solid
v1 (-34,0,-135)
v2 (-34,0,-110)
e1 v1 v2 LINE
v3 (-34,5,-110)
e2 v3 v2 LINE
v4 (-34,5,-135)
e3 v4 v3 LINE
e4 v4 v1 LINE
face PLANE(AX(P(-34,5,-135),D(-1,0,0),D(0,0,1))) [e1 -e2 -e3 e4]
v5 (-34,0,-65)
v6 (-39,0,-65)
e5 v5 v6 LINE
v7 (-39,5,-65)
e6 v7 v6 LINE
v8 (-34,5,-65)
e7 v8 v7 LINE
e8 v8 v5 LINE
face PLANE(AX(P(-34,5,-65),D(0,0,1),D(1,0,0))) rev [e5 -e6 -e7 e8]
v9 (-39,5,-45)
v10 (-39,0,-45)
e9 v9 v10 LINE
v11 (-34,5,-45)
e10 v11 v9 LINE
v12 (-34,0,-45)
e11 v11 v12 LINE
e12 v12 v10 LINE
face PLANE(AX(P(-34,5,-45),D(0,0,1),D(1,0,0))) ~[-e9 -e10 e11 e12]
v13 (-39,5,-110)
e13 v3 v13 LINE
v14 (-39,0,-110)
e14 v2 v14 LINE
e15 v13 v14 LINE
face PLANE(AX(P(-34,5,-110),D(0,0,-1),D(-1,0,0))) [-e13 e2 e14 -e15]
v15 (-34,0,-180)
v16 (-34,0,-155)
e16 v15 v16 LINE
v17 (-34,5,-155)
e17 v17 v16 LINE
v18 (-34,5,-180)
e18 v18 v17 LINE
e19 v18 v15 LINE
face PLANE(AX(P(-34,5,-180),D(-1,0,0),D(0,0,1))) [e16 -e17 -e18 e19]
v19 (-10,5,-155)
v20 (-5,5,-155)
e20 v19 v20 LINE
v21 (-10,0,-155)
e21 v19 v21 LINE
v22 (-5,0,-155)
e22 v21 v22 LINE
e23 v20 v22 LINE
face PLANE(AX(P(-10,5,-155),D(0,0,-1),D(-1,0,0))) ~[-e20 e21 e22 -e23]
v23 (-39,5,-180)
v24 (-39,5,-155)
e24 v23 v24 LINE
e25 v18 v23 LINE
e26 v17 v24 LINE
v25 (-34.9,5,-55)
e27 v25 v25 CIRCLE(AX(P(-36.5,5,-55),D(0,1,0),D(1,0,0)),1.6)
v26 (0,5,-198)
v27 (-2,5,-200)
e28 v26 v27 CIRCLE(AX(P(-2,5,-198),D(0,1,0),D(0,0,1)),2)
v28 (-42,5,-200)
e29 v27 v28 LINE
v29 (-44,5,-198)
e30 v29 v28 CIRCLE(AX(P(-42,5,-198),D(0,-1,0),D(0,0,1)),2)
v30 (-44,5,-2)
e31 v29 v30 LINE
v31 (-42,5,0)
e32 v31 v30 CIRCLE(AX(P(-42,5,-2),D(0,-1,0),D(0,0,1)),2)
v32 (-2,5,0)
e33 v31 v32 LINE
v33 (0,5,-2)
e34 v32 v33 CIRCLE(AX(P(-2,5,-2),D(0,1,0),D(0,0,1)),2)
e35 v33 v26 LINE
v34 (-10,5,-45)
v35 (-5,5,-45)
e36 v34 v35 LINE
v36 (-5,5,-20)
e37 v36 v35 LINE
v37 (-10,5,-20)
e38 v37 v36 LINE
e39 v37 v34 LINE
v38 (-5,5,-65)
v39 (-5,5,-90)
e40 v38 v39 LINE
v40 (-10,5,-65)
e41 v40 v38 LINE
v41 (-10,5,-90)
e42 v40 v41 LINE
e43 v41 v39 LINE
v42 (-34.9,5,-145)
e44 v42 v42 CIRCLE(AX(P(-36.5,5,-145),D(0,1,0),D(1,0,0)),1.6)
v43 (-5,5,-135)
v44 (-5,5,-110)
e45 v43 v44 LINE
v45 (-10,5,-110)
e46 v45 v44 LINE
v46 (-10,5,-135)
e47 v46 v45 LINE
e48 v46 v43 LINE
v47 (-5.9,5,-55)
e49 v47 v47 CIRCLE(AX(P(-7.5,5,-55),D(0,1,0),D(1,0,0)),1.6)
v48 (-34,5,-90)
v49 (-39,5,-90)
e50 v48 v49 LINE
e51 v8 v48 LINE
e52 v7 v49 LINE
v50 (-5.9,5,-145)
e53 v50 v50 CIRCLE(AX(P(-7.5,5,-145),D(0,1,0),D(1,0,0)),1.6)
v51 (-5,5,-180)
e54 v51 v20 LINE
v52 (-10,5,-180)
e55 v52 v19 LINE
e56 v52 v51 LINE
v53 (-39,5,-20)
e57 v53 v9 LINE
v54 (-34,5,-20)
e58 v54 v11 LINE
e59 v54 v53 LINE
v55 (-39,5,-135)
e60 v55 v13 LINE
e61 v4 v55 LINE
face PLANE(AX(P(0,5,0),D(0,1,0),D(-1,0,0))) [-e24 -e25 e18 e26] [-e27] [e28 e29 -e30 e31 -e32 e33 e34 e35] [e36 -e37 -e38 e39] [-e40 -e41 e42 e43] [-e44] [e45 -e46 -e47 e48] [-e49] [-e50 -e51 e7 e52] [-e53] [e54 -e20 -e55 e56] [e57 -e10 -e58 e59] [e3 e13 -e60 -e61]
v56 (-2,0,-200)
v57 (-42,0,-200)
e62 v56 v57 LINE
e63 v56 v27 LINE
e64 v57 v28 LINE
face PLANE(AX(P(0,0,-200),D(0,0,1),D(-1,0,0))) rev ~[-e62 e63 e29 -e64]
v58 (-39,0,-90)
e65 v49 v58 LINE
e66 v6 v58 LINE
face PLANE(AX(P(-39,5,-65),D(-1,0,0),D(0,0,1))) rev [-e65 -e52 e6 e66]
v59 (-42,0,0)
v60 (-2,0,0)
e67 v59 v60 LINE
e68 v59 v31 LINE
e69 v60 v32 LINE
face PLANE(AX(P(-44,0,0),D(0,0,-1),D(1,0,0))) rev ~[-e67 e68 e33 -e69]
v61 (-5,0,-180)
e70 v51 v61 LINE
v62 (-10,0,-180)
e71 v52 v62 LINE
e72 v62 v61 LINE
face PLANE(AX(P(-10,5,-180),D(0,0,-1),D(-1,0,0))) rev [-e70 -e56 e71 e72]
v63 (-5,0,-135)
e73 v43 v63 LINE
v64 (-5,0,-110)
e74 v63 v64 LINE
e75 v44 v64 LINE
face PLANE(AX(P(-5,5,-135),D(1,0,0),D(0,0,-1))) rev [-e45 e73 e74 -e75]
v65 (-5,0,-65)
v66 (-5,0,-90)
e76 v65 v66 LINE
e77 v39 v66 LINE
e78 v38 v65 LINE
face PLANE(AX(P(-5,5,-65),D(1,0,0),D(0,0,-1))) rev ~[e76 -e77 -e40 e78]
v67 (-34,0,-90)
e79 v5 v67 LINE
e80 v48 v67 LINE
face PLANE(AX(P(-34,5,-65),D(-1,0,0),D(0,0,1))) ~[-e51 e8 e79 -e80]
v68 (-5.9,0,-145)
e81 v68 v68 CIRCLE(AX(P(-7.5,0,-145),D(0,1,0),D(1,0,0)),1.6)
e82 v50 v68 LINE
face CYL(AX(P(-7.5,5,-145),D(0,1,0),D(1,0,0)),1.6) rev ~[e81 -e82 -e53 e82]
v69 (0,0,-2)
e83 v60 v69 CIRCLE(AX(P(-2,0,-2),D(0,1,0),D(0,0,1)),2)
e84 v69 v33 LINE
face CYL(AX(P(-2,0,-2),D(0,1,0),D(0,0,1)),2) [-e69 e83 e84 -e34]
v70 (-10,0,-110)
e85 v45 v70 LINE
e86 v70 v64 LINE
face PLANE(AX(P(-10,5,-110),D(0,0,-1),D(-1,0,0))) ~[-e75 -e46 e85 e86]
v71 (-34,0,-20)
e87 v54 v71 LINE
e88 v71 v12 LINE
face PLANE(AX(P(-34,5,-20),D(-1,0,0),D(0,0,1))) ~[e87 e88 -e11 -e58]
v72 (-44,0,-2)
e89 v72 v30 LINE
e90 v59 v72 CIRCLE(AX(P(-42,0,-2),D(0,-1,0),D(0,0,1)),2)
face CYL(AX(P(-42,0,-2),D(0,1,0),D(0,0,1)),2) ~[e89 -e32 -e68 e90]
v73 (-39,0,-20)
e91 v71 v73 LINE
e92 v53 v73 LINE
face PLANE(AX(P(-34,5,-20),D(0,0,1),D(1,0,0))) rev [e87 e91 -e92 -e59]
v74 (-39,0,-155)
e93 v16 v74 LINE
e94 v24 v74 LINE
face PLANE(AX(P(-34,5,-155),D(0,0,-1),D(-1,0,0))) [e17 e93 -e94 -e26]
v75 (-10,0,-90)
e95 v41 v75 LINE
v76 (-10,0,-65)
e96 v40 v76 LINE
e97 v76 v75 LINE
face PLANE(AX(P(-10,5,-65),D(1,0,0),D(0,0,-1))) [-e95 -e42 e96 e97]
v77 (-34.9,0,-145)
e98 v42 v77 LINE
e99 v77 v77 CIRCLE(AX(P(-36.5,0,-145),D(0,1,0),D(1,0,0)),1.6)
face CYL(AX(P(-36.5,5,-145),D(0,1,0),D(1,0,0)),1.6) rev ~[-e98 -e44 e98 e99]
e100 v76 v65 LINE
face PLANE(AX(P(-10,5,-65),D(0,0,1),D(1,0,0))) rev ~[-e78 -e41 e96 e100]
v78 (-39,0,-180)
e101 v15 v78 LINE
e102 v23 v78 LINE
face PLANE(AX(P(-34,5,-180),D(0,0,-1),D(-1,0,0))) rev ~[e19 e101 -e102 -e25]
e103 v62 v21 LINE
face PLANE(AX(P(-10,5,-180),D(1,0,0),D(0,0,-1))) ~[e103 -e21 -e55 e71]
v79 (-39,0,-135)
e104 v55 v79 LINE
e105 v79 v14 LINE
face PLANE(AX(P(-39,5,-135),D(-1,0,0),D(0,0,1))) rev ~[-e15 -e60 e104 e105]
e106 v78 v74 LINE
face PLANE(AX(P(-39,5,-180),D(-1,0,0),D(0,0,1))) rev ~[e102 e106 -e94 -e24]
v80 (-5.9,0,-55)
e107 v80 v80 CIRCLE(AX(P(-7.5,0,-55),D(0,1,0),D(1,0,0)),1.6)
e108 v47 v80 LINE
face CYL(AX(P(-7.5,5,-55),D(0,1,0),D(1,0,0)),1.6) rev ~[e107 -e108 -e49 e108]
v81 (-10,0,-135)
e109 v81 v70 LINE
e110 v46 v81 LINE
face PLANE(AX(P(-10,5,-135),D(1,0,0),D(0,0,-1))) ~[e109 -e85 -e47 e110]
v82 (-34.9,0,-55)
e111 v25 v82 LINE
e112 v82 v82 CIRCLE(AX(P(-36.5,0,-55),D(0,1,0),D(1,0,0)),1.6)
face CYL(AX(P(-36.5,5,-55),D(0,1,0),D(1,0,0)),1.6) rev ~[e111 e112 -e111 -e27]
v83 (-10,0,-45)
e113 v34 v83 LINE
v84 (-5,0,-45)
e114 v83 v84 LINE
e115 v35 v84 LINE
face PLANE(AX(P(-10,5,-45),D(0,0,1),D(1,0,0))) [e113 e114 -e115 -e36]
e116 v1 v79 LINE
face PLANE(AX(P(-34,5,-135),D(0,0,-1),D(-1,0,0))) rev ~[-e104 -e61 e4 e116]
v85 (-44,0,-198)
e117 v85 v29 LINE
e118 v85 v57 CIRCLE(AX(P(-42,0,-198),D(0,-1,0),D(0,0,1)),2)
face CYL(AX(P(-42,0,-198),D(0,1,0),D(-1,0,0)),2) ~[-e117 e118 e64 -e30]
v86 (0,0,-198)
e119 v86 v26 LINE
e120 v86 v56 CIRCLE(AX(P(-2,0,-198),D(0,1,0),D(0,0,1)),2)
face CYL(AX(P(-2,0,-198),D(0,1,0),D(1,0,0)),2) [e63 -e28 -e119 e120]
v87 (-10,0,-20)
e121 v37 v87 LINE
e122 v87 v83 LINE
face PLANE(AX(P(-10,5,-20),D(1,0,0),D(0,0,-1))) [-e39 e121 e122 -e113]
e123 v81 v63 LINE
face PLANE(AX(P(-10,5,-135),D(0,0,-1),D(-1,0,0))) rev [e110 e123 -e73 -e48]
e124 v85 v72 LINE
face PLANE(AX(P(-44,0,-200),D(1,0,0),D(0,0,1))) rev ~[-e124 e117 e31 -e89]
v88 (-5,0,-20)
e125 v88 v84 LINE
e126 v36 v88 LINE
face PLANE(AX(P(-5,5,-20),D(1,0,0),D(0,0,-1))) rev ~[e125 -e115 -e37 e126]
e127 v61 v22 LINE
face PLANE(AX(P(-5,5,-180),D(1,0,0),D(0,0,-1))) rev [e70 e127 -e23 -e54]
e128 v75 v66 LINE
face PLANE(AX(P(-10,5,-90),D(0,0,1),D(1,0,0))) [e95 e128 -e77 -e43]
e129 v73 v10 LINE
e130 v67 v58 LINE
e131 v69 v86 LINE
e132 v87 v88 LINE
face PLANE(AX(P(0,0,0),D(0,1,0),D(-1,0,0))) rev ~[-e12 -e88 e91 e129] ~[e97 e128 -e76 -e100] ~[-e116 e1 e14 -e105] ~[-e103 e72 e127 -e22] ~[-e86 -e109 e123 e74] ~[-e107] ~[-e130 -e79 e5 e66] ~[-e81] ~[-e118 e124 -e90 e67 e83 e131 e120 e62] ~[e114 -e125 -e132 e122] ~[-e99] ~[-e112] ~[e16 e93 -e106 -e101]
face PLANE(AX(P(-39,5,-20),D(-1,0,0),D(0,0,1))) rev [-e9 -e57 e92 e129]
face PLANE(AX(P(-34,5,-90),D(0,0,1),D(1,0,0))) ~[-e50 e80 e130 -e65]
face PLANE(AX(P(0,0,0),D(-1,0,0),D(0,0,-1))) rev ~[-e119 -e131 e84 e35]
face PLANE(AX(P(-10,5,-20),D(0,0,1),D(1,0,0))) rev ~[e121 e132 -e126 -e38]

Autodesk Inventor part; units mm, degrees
ref_plane "YZ Plane" through (0, 0, 0) normal (1, 0, 0) x (0, 1, 0)
sketch "Sketch1" plane through (0, 0, 0) normal (0, 1, 0) x (-1, 0, 0)
  line L0 (0, 0) -> (0, -200)
  line L1 (0, -200) -> (44, -200)
  line L2 (44, -200) -> (44, 0)
  line L3 (44, 0) -> (0, 0)
  dimension "d0" = 200
  dimension "d1" = 44
extrude "Extrusion1" add sketch "Sketch1" along normal blind 5
sketch "Sketch2" plane through (0, 5, 0) normal (0, 1, 0) x (1, 0, 0)
  line L0 (-10, 8) -> (-10, 208)
  line L1 (-10, 208) -> (-30, 208)
  line L2 (-30, 208) -> (-30, 8)
  line L3 (-30, 8) -> (-10, 8)
  line L4 (-10, 8) -> (-30, 208) construction
  line L5 (-10, 208) -> (-30, 8) construction
  line L6 (0, 200) -> (-44, 200) projected
  line L7 (-44, 0) -> (0, 0) projected
  line L8 (0, 0) -> (0, 200) projected
  line L9 (-35, 0) -> (-35, 200)
  line L10 (-5, 0) -> (-5, 200)
  line L11 (-35, 10) -> (-30, 10)
  line L12 (-10, 20) -> (-5, 20)
  line L13 (-35, 35) -> (-30, 35)
  line L14 (-10, 45) -> (-5, 45)
  line L15 (-35, 55) -> (-30, 55)
  line L16 (-10, 65) -> (-5, 65)
  line L17 (-35, 80) -> (-30, 80)
  line L18 (-10, 90) -> (-5, 90)
  point P0 (-20, 108)
  dimension "d4" = 200
  dimension "d5" = 20
  dimension "d6" = 108
  dimension "d8" = 5
  dimension "d9" = 5
  dimension "d14" = 10
  dimension "d15" = 25
  dimension "d16" = 20
  dimension "d17" = 25
  dimension "d18" = 20
  dimension "d19" = 25
  dimension "d20" = 20
  dimension "d21" = 25
  dimension "d41" = 5
extrude "Extrusion2" cut sketch "Sketch2" against normal blind 5 contours L0 L14 L10 L12 | L0 L18 L10 L16
ref_plane "Work Plane1" through (-22, 0, 0) normal (1, 0, 0) x (0, 0, -1)
ref_plane "Work Plane2" through (0, 0, -100) normal (0, 0, -1) x (-1, 0, 0)
mirror "Mirror1" about plane through (-22, 0, 0) normal (1, 0, 0) of "Extrusion2"
mirror "Mirror2" about plane through (0, 0, -100) normal (0, 0, -1) of "Extrusion2", "Mirror1"
sketch "Sketch5" plane through (0, 5, 0) normal (0, 1, 0) x (1, 0, 0)
  circle A0 centre (-7.5, 55) radius 1.6
  line L0 (-10, 45) -> (-5, 45) projected
  line L1 (-5, 45) -> (-5, 20) projected
  line L2 (0, 0) -> (0, 200) projected
  line L3 (0, 100) -> (-44, 100)
  line L4 (-44, 200) -> (-44, 0) projected
  line L5 (0, 200) -> (-44, 200) projected
  line L6 (-22, 200) -> (-22, 0)
  line L7 (-44, 0) -> (0, 0) projected
  circle A1 centre (-7.5, 145) radius 1.6
  circle A2 centre (-36.5, 55) radius 1.6
  circle A3 centre (-36.5, 145) radius 1.6
  dimension "d42" = 3.2
  dimension "d43" = 10
  dimension "d44" = 2.5
extrude "Extrusion4" cut sketch "Sketch5" against normal blind 5 contours A0 | A1 | A2 | A3
fillet "Fillet1" radius 2 4 edges at (-44, 2.5, 0) (0, 2.5, 0) (0, 2.5, -200) (-44, 2.5, -200)
properties part number "BatPlate" material "ABS Plastic"
